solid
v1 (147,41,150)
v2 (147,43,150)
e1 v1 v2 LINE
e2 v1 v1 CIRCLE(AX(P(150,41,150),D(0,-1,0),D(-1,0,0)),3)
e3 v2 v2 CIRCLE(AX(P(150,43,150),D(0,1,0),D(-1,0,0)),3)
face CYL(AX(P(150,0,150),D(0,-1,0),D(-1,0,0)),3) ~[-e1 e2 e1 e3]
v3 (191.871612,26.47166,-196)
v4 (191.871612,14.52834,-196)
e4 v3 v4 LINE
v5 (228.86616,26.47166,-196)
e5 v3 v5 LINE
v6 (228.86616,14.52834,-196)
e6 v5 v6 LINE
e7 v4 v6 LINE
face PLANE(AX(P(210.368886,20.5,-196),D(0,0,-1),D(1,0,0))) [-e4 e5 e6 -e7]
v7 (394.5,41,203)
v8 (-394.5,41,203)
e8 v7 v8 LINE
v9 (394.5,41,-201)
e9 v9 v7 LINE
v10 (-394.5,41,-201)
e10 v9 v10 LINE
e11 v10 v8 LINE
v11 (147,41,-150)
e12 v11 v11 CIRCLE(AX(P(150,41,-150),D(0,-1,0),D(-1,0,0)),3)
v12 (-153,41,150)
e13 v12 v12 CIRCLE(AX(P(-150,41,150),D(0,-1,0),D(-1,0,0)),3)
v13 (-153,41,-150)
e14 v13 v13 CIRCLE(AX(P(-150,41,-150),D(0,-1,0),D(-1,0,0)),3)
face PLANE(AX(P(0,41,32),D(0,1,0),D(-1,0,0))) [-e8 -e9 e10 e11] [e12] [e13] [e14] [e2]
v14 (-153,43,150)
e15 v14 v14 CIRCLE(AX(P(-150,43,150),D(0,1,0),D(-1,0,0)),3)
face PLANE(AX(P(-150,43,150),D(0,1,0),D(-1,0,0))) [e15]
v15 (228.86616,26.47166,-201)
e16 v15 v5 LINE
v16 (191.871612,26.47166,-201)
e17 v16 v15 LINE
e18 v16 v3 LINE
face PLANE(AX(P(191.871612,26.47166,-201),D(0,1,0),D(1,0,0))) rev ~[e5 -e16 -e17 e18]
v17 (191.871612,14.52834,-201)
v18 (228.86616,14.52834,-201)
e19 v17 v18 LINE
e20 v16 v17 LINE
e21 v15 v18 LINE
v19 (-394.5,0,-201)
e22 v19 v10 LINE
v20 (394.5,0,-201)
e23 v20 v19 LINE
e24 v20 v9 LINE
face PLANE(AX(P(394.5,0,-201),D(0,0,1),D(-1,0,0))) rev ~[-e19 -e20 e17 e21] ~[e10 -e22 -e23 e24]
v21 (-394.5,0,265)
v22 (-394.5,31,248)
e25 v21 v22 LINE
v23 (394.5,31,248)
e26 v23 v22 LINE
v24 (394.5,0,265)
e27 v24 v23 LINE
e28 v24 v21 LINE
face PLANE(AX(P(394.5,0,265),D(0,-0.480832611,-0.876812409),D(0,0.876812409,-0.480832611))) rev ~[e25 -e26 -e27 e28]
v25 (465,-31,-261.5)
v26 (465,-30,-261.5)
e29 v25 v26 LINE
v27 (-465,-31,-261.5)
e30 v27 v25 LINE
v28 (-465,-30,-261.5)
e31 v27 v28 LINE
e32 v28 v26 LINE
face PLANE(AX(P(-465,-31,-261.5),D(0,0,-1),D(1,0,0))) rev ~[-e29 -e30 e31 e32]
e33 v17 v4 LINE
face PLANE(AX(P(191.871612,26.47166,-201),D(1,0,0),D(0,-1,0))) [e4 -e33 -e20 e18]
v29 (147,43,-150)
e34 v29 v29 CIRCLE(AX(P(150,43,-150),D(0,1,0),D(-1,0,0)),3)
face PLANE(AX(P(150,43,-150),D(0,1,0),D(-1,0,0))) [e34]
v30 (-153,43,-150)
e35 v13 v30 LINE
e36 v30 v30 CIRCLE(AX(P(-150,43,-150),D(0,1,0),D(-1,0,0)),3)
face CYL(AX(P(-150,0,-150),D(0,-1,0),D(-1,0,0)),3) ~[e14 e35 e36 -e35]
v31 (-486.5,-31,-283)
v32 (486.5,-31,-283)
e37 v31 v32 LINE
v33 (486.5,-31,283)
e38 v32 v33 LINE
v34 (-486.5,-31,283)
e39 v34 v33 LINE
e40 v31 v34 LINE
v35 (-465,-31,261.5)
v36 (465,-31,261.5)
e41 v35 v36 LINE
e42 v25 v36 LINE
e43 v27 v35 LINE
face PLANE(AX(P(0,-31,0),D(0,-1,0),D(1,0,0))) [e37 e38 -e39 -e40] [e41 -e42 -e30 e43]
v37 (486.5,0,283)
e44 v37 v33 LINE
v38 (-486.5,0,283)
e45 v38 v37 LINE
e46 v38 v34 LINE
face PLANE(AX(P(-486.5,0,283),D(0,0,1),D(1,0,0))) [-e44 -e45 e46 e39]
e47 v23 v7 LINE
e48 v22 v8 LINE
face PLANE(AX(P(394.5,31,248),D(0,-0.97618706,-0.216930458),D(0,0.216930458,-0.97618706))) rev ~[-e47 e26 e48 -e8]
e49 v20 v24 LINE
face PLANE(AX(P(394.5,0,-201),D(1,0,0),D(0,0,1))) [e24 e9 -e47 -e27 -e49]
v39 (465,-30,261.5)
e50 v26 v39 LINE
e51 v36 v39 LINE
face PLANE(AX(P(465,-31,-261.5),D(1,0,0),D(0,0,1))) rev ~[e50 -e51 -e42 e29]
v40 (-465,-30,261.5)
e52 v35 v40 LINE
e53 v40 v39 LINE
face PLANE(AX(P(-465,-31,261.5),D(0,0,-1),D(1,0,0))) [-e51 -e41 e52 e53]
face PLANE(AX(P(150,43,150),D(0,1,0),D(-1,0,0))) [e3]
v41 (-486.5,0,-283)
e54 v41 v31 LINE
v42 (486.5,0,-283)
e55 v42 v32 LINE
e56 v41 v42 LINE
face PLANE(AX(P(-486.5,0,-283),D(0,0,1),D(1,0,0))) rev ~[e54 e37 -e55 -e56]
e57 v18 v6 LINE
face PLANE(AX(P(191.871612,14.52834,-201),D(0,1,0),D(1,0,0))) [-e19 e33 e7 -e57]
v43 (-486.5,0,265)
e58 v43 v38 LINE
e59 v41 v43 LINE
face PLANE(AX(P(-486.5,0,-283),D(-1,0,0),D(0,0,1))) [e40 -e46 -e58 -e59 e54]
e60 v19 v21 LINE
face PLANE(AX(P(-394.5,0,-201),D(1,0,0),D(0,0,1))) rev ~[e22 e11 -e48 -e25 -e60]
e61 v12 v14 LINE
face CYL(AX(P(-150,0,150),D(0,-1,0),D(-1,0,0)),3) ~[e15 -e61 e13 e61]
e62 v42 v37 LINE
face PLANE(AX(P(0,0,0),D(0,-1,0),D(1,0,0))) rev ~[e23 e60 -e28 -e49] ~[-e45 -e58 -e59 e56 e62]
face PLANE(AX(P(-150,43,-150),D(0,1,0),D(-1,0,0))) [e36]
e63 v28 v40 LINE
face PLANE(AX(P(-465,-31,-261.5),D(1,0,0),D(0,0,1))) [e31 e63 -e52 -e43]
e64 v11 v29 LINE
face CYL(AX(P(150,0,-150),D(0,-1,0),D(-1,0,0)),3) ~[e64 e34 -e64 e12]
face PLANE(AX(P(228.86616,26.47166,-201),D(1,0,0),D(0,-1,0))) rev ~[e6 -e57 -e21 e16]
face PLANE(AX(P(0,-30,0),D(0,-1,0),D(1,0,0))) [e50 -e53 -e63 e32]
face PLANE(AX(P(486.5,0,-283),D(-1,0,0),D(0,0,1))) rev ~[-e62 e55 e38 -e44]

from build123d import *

# Parameters (mm, degrees)
F0_W      = 973
F0_H      = 566
F1_DEPTH  = 31
F2_W      = 789
F2_H      = 466
F3_DEPTH  = 41
F4_W      = 36.994547
F4_H      = 11.94332
F5_DEPTH  = 5
F6_W      = 930
F6_H      = 523
F7_DEPTH  = 1
F8_R      = 3
F9_DEPTH  = 43
F11_DEPTH = 881.001


with BuildPart() as f1:
    # F0 (on Front) → F1 (new body)
    with BuildSketch(Plane.XZ):
        Rectangle(F0_W, F0_H)
    extrude(amount=F1_DEPTH)

    # F2 (on face) → F3 (join)
    with BuildSketch(Plane(origin=(0, 0, 0), x_dir=(-1, 0, 0), z_dir=(0, 1, 0))):
        with Locations((0, 32)):
            Rectangle(F2_W, F2_H)
    extrude(amount=F3_DEPTH)

    # F4 (on face) → F5 (cut)
    with BuildSketch(Plane(origin=(0, 0, -201), x_dir=(1, 0, 0), z_dir=(0, 0, -1))):
        with Locations((210.368886, -20.5)):
            Rectangle(F4_W, F4_H)
    extrude(amount=-F5_DEPTH, mode=Mode.SUBTRACT)

    # F6 (on face) → F7 (cut)
    with BuildSketch(Plane.XZ.offset(31)):
        Rectangle(F6_W, F6_H)
    extrude(amount=-F7_DEPTH, mode=Mode.SUBTRACT)

    # F8 (on face) → F9 (join)
    with BuildSketch(Plane(origin=(0, 0, 0), x_dir=(-1, 0, 0), z_dir=(0, 1, 0))):
        with Locations((-150, 150)):
            Circle(F8_R)
        with Locations((150, 150)):
            Circle(F8_R)
        with Locations((-150, -150)):
            Circle(F8_R)
        with Locations((150, -150)):
            Circle(F8_R)
    extrude(amount=F9_DEPTH)

    # F10 (on face) → F11 (cut, through all)
    with BuildSketch(Plane.YZ.offset(394.5)):
        Polygon((41, 265), (0, 265), (31, 248), (41, 203), align=None)
    extrude(amount=-F11_DEPTH, mode=Mode.SUBTRACT)


solid = f1.part
